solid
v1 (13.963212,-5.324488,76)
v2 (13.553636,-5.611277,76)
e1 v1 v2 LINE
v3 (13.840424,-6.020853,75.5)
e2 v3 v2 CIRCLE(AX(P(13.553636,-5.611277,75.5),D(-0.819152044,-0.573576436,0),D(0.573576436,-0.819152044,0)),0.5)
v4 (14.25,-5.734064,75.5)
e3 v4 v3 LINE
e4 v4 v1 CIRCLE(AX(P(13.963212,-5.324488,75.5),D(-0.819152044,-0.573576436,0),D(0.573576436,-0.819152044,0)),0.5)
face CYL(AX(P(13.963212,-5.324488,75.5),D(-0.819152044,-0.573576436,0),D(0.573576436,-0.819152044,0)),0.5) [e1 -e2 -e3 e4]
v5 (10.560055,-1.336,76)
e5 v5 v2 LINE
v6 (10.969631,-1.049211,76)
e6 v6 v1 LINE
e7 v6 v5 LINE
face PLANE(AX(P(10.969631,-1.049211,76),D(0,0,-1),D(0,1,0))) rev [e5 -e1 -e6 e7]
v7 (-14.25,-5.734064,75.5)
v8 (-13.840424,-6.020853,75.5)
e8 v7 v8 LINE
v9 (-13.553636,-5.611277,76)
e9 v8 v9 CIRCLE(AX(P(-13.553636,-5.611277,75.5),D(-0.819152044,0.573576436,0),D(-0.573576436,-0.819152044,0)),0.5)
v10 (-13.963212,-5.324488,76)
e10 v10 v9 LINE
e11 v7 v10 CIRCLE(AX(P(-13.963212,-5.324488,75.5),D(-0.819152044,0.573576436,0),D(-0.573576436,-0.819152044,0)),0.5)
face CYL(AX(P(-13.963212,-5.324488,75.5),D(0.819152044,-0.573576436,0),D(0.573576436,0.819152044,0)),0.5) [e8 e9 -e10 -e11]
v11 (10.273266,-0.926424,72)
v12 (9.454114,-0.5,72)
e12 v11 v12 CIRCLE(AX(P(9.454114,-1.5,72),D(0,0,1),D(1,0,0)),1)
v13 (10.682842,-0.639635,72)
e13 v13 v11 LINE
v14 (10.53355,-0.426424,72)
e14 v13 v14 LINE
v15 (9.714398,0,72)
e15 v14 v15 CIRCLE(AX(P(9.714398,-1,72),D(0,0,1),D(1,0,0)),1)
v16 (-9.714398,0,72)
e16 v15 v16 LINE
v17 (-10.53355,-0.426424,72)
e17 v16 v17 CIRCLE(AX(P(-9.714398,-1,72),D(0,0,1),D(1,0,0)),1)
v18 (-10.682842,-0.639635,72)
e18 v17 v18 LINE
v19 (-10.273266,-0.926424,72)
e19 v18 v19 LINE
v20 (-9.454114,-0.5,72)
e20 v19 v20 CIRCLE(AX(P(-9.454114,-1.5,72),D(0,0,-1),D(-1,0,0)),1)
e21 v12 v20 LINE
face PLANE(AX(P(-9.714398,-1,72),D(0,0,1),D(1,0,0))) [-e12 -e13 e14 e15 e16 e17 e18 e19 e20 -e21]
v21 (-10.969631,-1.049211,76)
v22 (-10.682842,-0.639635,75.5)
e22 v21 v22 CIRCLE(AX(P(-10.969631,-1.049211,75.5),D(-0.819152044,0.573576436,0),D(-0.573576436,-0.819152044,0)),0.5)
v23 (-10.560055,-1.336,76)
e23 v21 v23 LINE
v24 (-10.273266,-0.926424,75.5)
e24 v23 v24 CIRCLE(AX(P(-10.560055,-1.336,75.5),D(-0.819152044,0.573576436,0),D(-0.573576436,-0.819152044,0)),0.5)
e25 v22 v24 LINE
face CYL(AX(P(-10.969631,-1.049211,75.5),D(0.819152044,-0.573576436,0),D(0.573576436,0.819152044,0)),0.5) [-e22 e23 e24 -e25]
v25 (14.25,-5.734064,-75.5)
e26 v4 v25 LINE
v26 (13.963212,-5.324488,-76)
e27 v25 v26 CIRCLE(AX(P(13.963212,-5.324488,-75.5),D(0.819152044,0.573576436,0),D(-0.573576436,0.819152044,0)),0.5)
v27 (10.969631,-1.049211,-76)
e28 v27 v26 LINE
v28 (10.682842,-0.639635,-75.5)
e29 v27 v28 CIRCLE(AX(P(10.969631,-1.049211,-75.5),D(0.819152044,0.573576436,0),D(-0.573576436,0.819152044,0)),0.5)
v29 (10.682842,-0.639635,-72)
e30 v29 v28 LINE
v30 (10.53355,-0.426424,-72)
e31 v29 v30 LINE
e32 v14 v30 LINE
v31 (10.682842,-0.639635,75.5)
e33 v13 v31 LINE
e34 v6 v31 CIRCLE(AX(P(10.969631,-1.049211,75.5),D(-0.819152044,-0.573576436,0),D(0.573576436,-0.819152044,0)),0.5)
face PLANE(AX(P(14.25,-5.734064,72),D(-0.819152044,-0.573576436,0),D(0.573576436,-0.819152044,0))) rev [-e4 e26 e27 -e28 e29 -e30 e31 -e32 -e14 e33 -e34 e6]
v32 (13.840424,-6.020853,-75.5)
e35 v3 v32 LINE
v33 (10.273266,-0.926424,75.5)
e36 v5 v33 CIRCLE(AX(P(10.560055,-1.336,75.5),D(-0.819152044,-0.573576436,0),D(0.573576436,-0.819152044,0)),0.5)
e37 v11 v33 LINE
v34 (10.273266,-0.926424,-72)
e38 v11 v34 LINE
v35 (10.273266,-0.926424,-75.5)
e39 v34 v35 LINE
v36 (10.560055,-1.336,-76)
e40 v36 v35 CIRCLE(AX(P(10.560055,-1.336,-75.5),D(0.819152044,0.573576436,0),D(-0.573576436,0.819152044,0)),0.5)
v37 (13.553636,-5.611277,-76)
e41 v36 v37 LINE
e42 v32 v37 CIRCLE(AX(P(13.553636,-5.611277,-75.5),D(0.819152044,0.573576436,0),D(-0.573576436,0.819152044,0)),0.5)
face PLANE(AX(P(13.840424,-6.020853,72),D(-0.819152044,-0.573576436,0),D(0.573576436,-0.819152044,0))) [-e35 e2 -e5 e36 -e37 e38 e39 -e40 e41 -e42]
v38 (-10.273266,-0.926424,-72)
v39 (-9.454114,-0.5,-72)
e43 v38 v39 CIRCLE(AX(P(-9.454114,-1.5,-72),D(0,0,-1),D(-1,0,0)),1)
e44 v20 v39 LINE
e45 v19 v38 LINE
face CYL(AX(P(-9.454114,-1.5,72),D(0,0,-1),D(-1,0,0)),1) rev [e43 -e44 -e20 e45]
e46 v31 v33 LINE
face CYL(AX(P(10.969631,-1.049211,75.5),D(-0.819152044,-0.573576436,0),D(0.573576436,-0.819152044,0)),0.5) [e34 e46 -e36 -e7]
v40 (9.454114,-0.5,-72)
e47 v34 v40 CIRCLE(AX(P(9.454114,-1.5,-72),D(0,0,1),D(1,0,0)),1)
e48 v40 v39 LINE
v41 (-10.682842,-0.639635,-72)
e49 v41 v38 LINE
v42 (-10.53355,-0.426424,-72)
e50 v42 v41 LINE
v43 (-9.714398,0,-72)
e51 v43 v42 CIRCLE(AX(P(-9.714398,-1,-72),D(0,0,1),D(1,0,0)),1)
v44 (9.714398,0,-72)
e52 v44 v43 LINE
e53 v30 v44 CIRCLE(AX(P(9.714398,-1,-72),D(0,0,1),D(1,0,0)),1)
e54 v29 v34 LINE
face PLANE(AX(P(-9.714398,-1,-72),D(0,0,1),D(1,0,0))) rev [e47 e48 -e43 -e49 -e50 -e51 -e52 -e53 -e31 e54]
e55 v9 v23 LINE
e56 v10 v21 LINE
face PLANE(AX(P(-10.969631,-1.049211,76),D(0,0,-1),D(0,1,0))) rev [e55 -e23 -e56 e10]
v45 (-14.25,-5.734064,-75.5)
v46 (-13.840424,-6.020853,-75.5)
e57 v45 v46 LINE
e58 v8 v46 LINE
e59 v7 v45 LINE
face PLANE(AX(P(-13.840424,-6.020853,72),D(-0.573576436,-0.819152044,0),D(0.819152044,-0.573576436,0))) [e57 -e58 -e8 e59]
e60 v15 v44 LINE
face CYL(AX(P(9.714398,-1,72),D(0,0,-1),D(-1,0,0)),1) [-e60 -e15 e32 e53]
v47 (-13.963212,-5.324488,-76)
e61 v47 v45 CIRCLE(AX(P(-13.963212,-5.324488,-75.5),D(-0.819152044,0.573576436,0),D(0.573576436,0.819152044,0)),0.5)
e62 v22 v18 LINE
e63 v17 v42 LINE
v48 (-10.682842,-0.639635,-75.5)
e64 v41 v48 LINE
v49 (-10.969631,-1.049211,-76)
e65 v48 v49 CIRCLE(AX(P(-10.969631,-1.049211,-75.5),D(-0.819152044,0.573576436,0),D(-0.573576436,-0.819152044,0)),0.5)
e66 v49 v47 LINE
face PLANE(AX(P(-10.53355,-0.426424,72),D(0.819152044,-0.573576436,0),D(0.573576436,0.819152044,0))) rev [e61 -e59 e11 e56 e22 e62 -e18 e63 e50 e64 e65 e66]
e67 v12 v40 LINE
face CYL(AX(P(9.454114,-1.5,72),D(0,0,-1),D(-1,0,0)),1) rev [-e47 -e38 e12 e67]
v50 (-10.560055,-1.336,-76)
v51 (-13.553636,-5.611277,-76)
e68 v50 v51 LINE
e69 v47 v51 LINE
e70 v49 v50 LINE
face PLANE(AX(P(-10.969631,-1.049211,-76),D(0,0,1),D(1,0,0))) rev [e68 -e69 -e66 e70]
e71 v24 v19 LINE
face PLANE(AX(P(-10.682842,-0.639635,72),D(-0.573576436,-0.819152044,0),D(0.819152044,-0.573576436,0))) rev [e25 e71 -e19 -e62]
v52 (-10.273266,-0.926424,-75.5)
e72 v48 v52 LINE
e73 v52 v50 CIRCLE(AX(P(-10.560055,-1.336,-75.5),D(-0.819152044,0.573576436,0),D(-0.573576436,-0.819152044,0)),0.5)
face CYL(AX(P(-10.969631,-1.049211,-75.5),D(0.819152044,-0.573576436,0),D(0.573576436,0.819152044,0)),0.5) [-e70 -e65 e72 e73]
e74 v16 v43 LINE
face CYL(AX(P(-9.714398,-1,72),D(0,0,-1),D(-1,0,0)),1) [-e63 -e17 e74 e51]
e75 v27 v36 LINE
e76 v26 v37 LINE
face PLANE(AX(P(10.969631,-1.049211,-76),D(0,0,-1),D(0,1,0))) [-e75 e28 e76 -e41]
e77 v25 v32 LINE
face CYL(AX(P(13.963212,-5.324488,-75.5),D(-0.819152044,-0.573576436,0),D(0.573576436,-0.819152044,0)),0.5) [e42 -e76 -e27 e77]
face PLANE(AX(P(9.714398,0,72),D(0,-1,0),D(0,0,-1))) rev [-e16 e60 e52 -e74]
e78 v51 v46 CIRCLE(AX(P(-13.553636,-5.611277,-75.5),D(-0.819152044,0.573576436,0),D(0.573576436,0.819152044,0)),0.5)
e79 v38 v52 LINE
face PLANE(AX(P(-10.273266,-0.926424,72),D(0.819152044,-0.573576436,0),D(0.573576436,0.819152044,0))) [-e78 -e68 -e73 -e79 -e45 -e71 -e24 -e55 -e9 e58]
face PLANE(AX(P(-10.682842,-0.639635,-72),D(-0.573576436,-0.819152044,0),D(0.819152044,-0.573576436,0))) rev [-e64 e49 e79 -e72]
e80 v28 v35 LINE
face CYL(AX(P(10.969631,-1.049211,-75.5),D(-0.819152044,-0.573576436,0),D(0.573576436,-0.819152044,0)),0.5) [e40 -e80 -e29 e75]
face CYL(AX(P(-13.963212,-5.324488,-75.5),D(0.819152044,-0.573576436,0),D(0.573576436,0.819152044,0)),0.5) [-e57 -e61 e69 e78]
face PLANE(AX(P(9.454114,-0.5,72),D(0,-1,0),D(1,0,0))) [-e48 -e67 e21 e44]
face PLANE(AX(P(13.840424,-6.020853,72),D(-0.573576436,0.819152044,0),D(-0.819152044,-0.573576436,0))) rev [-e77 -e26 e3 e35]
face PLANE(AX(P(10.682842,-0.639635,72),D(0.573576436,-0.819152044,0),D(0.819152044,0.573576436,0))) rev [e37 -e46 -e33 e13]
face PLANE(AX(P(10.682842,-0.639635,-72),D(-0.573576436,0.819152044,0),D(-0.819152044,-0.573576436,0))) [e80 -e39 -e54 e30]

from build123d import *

# Parameters (mm, degrees)
BOSS_EXTRUDE1_DEPTH = 72
BOSS_EXTRUDE2_DEPTH = 0.25
BOSS_EXTRUDE3_DEPTH = 0.25


with BuildPart() as part:
    # Sketch2 → Boss-Extrude1 (new, symmetric)
    with BuildSketch(Plane.XY):
        with BuildLine():
            Line((13.840423978, -6.020852528), (10.273266414, -0.926423564))
            ThreePointArc((10.273266414, -0.926423564), (9.915862983, -0.612989167), (9.45411437, -0.5))
            Line((9.45411437, -0.5), (-9.45411437, -0.5))
            ThreePointArc((-9.45411437, -0.5), (-9.915862983, -0.612989167), (-10.273266414, -0.926423564))
            Line((-10.273266414, -0.926423564), (-13.840423978, -6.020852528))
            Line((-13.840423978, -6.020852528), (-14.25, -5.73406431))
            Line((-14.25, -5.73406431), (-10.533549939, -0.426423564))
            ThreePointArc((-10.533549939, -0.426423564), (-10.176146508, -0.112989167), (-9.714397895, 0))
            Line((-9.714397895, 0), (9.714397895, 0))
            ThreePointArc((9.714397895, 0), (10.176146508, -0.112989167), (10.533549939, -0.426423564))
            Line((10.533549939, -0.426423564), (14.25, -5.73406431))
            Line((14.25, -5.73406431), (13.840423978, -6.020852528))
        make_face()
    extrude(amount=BOSS_EXTRUDE1_DEPTH, both=True)

    # Sketch3 → Boss-Extrude2 (add, symmetric)
    with BuildSketch(Plane(origin=(6.662976551, 4.665466408, 0), x_dir=(0, 0, -1), z_dir=(0.8191520442889926, 0.5735764363510449, 0))):
        with BuildLine():
            Line((-72, -6.651385295), (-75.5, -6.651385295))
            ThreePointArc((-75.5, -6.651385295), (-75.853553391, -6.797831905), (-76, -7.151385295))
            Line((-76, -7.151385295), (-76, -12.37053472))
            ThreePointArc((-76, -12.37053472), (-75.853553391, -12.72408811), (-75.5, -12.87053472))
            Line((-75.5, -12.87053472), (-72, -12.87053472))
            Line((-72, -12.87053472), (-72, -6.651385295))
        make_face()
        with BuildLine():
            Line((72, -12.87053472), (72, -6.651385295))
            Line((72, -6.651385295), (75.5, -6.651385295))
            ThreePointArc((75.5, -6.651385295), (75.853553391, -6.797831905), (76, -7.151385295))
            Line((76, -7.151385295), (76, -12.37053472))
            ThreePointArc((76, -12.37053472), (75.853553391, -12.72408811), (75.5, -12.87053472))
            Line((75.5, -12.87053472), (72, -12.87053472))
        make_face()
    extrude(amount=BOSS_EXTRUDE2_DEPTH, both=True)

    # Sketch4 → Boss-Extrude3 (add, symmetric)
    with BuildSketch(Plane(origin=(-6.662976551, 4.665466408, 0), x_dir=(0, 0, 1), z_dir=(-0.819152044288993, 0.5735764363510446, 0))):
        with BuildLine():
            Line((-72, -6.651385295), (-75.5, -6.651385295))
            ThreePointArc((-75.5, -6.651385295), (-75.853553391, -6.797831905), (-76, -7.151385295))
            Line((-76, -7.151385295), (-76, -12.37053472))
            ThreePointArc((-76, -12.37053472), (-75.853553391, -12.72408811), (-75.5, -12.87053472))
            Line((-75.5, -12.87053472), (-72, -12.87053472))
            Line((-72, -12.87053472), (-72, -6.651385295))
        make_face()
        with BuildLine():
            Line((72, -12.87053472), (72, -6.651385295))
            Line((72, -6.651385295), (75.5, -6.651385295))
            ThreePointArc((75.5, -6.651385295), (75.853553391, -6.797831905), (76, -7.151385295))
            Line((76, -7.151385295), (76, -12.37053472))
            ThreePointArc((76, -12.37053472), (75.853553391, -12.72408811), (75.5, -12.87053472))
            Line((75.5, -12.87053472), (72, -12.87053472))
        make_face()
    extrude(amount=BOSS_EXTRUDE3_DEPTH, both=True)


solid = part.part
